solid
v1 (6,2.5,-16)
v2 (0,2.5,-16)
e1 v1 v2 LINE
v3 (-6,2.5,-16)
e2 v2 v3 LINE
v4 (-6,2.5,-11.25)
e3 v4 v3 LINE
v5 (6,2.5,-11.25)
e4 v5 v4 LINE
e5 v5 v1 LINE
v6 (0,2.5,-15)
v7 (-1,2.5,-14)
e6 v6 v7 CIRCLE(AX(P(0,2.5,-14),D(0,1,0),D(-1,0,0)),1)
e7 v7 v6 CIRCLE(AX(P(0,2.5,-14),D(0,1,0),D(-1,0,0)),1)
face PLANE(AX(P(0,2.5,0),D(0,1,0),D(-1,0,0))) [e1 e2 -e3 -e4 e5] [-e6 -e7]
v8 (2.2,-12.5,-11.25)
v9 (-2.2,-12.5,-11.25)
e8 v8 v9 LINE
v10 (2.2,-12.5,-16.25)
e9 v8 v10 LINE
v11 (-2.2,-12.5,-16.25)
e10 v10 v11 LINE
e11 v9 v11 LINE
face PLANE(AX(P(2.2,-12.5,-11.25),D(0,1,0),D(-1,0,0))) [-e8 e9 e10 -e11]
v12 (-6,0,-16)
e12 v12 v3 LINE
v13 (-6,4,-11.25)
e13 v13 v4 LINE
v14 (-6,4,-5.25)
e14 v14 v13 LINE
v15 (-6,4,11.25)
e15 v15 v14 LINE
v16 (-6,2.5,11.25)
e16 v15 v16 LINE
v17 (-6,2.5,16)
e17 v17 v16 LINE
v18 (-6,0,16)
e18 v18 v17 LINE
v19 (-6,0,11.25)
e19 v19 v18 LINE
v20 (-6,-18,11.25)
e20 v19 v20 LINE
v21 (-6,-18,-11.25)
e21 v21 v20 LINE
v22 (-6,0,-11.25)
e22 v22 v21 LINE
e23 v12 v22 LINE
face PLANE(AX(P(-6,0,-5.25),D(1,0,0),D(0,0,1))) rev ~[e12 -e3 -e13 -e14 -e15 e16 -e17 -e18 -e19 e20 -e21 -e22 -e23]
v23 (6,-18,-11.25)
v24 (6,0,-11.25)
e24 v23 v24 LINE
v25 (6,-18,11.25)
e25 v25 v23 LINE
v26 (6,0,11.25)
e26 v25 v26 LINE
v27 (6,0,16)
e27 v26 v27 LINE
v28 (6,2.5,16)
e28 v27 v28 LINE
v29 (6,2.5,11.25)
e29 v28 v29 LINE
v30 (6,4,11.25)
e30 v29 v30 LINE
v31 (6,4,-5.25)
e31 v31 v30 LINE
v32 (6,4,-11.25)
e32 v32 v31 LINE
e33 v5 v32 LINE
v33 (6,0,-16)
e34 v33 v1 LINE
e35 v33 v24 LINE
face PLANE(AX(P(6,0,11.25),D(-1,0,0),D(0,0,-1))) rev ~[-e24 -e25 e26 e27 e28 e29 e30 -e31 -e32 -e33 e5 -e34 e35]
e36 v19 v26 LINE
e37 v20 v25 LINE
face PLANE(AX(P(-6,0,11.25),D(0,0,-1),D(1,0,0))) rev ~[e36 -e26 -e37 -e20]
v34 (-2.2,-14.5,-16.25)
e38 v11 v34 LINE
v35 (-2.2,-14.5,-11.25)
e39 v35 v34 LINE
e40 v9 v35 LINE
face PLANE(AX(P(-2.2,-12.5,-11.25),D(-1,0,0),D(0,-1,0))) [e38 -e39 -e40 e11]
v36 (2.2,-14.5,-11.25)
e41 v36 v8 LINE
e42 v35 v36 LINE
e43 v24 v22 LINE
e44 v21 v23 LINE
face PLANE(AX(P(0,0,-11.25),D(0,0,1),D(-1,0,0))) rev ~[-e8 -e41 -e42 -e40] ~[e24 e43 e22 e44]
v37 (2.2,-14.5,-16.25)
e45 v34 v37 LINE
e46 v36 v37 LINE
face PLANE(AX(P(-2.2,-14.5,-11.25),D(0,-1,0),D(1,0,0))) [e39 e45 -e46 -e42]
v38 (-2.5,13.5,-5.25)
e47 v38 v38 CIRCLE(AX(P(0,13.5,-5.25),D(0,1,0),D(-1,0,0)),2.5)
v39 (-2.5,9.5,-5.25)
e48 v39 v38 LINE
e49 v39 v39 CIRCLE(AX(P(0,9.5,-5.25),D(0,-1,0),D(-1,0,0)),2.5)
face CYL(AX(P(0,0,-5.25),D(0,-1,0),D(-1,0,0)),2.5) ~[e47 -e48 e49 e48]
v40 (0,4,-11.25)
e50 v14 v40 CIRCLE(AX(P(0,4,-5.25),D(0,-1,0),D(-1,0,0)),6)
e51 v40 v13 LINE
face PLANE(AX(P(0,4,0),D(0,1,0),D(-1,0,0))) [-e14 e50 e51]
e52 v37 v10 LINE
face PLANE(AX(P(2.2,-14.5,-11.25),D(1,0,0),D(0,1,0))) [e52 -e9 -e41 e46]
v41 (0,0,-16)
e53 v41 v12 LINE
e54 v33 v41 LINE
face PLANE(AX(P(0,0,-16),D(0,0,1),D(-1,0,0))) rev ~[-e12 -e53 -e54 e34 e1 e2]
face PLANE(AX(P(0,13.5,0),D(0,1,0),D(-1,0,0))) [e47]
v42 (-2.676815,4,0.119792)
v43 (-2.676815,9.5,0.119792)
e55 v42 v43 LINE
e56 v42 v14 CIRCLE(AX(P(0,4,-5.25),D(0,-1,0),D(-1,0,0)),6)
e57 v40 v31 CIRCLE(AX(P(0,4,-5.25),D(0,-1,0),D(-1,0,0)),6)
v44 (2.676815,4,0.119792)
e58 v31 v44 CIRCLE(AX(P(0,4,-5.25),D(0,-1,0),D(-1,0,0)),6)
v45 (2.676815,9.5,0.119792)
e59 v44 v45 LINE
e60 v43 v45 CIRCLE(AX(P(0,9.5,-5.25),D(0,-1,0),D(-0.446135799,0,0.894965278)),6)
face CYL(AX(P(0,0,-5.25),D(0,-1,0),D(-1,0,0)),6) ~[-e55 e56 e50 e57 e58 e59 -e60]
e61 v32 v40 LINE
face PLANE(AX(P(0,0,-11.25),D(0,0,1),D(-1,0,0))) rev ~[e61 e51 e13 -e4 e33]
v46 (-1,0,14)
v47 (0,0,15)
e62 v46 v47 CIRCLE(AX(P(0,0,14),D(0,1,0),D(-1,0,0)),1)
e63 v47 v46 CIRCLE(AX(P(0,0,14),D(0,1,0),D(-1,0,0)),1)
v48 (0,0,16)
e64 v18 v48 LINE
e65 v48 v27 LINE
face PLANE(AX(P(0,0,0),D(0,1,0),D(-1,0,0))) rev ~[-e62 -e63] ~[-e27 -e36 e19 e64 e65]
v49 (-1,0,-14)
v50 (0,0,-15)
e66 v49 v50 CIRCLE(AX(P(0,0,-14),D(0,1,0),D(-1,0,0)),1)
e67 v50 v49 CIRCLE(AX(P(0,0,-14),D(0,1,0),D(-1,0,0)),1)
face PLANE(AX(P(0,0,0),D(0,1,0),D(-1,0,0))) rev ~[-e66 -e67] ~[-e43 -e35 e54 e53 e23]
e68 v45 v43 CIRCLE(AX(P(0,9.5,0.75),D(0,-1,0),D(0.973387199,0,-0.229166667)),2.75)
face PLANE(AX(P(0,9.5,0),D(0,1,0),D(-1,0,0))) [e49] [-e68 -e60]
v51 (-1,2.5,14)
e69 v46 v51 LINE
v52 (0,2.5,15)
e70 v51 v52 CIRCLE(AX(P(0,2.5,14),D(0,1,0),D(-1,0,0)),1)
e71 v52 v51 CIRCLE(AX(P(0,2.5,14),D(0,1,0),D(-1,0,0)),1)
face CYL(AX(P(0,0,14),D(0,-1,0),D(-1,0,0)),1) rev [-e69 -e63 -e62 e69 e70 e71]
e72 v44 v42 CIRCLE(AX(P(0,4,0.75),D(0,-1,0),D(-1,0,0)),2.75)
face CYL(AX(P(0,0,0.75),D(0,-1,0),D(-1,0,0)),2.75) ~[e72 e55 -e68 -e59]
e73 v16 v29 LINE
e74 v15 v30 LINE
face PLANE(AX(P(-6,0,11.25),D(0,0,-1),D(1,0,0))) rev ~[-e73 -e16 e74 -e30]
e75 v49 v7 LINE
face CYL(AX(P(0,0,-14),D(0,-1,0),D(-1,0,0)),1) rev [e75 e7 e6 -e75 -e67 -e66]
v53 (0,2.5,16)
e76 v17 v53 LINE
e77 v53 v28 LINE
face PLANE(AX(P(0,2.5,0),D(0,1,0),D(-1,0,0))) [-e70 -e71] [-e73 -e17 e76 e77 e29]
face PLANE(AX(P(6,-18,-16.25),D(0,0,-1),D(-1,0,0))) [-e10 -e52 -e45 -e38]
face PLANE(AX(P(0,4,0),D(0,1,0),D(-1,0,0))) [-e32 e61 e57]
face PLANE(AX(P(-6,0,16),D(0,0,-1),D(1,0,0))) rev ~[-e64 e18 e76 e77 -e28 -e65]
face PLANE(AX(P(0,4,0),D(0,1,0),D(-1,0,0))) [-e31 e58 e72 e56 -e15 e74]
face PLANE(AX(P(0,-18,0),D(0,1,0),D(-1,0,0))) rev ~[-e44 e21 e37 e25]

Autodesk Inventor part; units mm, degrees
ref_plane "YZ Plane" through (0, 0, 0) normal (1, 0, 0) x (0, 1, 0)
ref_plane "XZ Plane" through (0, 0, 0) normal (0, 1, 0) x (-1, 0, 0)
ref_plane "XY Plane" through (0, 0, 0) normal (0, 0, 1) x (1, 0, 0)
sketch "Sketch1" plane through (0, 0, 0) normal (0, 1, 0) x (-1, 0, 0)
  line L0 (-6, 11.25) -> (-6, -11.25)
  line L1 (-6, -11.25) -> (6, -11.25)
  line L2 (6, -11.25) -> (6, 11.25)
  line L3 (6, 11.25) -> (-6, 11.25)
  line L4 (-6, 11.25) -> (6, -11.25) construction
  line L5 (-6, -11.25) -> (6, 11.25) construction
  line L6 (-6, 16) -> (-6, -16)
  line L7 (-6, -16) -> (6, -16)
  line L8 (6, -16) -> (6, 16)
  line L9 (6, 16) -> (-6, 16)
  line L10 (-6, 16) -> (6, -16) construction
  line L11 (-6, -16) -> (6, 16) construction
  circle A0 centre (0, -5.25) radius 6
  circle A1 centre (0, -5.25) radius 2.5
  circle A2 centre (0, 0.75) radius 2.75
  line L12 (0, 16) -> (0, 14)
  circle A3 centre (0, 14) radius 1
  line L13 (0, -16) -> (0, -14)
  circle A4 centre (0, -14) radius 1
  point P0 (0, 0)
  point P1 (-2.6768, 0.1198)
  point P2 (2.6768, 0.1198)
  dimension "d11" = 22.5
  dimension "d12" = 12
  dimension "d13" = 32
  dimension "d18" = 6
  dimension "d19" = 5
  dimension "d20" = 5.5
  dimension "d25" = 2
  dimension "d26" = 2
  dimension "d27" = 2
  dimension "d28" = 2
extrude "Extrusion1" add sketch "Sketch1" along normal blind 4 and the other way blind 18 contours L3 L2 A0 A2 L0 | A0 L1 L0 | A0 A2 | A2 A0 | A0 A2 | A0 L2 L1 | A1
extrude "Extrusion3" add sketch "Sketch1" along normal blind 2.5 contours L3 L2 A0 A2 L0 | L6 L9 L8 L3 | A0 L1 L0 | A0 A2 | L1 L8 L7 L6 | A2 A0 | A0 A2 | A0 L2 L1 | A1
extrude "Extrusion4" add sketch "Sketch1" along normal blind 9.5 contours A0 A2 | A2 A0 | A0 A2 | A1
extrude "Extrusion5" add sketch "Sketch1" along normal blind 13.5 contours A1
sketch "Sketch3" plane through (-6, -18, -11.25) normal (-1, 0, 0) x (0, 0, 1)
  line L0 (0, 0) -> (0, 18) projected
  line L1 (0, 0) -> (0, 18)
  line L2 (-4.75, 20.5) -> (0, 20.5) projected
  line L3 (0, 18) -> (0, 20.5)
  line L4 (0, 22) -> (6, 22) projected
  line L5 (0, 20.5) -> (0, 22)
  line L6 (-3.75, 20.5) -> (-3.75, 18) projected
  line L7 (-3.75, 20.5) -> (-1.75, 20.5)
  line L8 (-1.75, 20.5) -> (-1.75, 18) projected
  line L9 (22.5, 0) -> (0, 0) projected
  line L10 (0, 0) -> (22.5, 0)
  point P0 (11.25, 18)
  dimension "d29" = 2.5
  dimension "d31" = 18
  dimension "d32" = 1.5
  dimension "d33" = 4.75
  dimension "d34" = 2
  dimension "d35" = 1
  dimension "d36" = 22.5
sketch "Sketch4" plane through (6, -18, -11.25) normal (0, 0, -1) x (-1, 0, 0)
  line L0 (0, 0) -> (12, 0) projected
  line L1 (0, 0) -> (3.8, 0)
  line L2 (3.8, 0) -> (3.8, 3.5)
  line L3 (3.8, 3.5) -> (3.8, 5.5)
  line L4 (3.8, 5.5) -> (8.2, 5.5)
  line L5 (8.2, 5.5) -> (8.2, 3.5)
  line L6 (8.2, 3.5) -> (3.8, 3.5)
  point P0 (6, 18)
  dimension "d37" = 3.8
  dimension "d38" = 3.5
  dimension "d39" = 2
  dimension "d40" = 4.4
extrude "Extrusion6" add sketch "Sketch4" along normal blind 5
properties part number "servo" material "Acetal Resin, Black"
